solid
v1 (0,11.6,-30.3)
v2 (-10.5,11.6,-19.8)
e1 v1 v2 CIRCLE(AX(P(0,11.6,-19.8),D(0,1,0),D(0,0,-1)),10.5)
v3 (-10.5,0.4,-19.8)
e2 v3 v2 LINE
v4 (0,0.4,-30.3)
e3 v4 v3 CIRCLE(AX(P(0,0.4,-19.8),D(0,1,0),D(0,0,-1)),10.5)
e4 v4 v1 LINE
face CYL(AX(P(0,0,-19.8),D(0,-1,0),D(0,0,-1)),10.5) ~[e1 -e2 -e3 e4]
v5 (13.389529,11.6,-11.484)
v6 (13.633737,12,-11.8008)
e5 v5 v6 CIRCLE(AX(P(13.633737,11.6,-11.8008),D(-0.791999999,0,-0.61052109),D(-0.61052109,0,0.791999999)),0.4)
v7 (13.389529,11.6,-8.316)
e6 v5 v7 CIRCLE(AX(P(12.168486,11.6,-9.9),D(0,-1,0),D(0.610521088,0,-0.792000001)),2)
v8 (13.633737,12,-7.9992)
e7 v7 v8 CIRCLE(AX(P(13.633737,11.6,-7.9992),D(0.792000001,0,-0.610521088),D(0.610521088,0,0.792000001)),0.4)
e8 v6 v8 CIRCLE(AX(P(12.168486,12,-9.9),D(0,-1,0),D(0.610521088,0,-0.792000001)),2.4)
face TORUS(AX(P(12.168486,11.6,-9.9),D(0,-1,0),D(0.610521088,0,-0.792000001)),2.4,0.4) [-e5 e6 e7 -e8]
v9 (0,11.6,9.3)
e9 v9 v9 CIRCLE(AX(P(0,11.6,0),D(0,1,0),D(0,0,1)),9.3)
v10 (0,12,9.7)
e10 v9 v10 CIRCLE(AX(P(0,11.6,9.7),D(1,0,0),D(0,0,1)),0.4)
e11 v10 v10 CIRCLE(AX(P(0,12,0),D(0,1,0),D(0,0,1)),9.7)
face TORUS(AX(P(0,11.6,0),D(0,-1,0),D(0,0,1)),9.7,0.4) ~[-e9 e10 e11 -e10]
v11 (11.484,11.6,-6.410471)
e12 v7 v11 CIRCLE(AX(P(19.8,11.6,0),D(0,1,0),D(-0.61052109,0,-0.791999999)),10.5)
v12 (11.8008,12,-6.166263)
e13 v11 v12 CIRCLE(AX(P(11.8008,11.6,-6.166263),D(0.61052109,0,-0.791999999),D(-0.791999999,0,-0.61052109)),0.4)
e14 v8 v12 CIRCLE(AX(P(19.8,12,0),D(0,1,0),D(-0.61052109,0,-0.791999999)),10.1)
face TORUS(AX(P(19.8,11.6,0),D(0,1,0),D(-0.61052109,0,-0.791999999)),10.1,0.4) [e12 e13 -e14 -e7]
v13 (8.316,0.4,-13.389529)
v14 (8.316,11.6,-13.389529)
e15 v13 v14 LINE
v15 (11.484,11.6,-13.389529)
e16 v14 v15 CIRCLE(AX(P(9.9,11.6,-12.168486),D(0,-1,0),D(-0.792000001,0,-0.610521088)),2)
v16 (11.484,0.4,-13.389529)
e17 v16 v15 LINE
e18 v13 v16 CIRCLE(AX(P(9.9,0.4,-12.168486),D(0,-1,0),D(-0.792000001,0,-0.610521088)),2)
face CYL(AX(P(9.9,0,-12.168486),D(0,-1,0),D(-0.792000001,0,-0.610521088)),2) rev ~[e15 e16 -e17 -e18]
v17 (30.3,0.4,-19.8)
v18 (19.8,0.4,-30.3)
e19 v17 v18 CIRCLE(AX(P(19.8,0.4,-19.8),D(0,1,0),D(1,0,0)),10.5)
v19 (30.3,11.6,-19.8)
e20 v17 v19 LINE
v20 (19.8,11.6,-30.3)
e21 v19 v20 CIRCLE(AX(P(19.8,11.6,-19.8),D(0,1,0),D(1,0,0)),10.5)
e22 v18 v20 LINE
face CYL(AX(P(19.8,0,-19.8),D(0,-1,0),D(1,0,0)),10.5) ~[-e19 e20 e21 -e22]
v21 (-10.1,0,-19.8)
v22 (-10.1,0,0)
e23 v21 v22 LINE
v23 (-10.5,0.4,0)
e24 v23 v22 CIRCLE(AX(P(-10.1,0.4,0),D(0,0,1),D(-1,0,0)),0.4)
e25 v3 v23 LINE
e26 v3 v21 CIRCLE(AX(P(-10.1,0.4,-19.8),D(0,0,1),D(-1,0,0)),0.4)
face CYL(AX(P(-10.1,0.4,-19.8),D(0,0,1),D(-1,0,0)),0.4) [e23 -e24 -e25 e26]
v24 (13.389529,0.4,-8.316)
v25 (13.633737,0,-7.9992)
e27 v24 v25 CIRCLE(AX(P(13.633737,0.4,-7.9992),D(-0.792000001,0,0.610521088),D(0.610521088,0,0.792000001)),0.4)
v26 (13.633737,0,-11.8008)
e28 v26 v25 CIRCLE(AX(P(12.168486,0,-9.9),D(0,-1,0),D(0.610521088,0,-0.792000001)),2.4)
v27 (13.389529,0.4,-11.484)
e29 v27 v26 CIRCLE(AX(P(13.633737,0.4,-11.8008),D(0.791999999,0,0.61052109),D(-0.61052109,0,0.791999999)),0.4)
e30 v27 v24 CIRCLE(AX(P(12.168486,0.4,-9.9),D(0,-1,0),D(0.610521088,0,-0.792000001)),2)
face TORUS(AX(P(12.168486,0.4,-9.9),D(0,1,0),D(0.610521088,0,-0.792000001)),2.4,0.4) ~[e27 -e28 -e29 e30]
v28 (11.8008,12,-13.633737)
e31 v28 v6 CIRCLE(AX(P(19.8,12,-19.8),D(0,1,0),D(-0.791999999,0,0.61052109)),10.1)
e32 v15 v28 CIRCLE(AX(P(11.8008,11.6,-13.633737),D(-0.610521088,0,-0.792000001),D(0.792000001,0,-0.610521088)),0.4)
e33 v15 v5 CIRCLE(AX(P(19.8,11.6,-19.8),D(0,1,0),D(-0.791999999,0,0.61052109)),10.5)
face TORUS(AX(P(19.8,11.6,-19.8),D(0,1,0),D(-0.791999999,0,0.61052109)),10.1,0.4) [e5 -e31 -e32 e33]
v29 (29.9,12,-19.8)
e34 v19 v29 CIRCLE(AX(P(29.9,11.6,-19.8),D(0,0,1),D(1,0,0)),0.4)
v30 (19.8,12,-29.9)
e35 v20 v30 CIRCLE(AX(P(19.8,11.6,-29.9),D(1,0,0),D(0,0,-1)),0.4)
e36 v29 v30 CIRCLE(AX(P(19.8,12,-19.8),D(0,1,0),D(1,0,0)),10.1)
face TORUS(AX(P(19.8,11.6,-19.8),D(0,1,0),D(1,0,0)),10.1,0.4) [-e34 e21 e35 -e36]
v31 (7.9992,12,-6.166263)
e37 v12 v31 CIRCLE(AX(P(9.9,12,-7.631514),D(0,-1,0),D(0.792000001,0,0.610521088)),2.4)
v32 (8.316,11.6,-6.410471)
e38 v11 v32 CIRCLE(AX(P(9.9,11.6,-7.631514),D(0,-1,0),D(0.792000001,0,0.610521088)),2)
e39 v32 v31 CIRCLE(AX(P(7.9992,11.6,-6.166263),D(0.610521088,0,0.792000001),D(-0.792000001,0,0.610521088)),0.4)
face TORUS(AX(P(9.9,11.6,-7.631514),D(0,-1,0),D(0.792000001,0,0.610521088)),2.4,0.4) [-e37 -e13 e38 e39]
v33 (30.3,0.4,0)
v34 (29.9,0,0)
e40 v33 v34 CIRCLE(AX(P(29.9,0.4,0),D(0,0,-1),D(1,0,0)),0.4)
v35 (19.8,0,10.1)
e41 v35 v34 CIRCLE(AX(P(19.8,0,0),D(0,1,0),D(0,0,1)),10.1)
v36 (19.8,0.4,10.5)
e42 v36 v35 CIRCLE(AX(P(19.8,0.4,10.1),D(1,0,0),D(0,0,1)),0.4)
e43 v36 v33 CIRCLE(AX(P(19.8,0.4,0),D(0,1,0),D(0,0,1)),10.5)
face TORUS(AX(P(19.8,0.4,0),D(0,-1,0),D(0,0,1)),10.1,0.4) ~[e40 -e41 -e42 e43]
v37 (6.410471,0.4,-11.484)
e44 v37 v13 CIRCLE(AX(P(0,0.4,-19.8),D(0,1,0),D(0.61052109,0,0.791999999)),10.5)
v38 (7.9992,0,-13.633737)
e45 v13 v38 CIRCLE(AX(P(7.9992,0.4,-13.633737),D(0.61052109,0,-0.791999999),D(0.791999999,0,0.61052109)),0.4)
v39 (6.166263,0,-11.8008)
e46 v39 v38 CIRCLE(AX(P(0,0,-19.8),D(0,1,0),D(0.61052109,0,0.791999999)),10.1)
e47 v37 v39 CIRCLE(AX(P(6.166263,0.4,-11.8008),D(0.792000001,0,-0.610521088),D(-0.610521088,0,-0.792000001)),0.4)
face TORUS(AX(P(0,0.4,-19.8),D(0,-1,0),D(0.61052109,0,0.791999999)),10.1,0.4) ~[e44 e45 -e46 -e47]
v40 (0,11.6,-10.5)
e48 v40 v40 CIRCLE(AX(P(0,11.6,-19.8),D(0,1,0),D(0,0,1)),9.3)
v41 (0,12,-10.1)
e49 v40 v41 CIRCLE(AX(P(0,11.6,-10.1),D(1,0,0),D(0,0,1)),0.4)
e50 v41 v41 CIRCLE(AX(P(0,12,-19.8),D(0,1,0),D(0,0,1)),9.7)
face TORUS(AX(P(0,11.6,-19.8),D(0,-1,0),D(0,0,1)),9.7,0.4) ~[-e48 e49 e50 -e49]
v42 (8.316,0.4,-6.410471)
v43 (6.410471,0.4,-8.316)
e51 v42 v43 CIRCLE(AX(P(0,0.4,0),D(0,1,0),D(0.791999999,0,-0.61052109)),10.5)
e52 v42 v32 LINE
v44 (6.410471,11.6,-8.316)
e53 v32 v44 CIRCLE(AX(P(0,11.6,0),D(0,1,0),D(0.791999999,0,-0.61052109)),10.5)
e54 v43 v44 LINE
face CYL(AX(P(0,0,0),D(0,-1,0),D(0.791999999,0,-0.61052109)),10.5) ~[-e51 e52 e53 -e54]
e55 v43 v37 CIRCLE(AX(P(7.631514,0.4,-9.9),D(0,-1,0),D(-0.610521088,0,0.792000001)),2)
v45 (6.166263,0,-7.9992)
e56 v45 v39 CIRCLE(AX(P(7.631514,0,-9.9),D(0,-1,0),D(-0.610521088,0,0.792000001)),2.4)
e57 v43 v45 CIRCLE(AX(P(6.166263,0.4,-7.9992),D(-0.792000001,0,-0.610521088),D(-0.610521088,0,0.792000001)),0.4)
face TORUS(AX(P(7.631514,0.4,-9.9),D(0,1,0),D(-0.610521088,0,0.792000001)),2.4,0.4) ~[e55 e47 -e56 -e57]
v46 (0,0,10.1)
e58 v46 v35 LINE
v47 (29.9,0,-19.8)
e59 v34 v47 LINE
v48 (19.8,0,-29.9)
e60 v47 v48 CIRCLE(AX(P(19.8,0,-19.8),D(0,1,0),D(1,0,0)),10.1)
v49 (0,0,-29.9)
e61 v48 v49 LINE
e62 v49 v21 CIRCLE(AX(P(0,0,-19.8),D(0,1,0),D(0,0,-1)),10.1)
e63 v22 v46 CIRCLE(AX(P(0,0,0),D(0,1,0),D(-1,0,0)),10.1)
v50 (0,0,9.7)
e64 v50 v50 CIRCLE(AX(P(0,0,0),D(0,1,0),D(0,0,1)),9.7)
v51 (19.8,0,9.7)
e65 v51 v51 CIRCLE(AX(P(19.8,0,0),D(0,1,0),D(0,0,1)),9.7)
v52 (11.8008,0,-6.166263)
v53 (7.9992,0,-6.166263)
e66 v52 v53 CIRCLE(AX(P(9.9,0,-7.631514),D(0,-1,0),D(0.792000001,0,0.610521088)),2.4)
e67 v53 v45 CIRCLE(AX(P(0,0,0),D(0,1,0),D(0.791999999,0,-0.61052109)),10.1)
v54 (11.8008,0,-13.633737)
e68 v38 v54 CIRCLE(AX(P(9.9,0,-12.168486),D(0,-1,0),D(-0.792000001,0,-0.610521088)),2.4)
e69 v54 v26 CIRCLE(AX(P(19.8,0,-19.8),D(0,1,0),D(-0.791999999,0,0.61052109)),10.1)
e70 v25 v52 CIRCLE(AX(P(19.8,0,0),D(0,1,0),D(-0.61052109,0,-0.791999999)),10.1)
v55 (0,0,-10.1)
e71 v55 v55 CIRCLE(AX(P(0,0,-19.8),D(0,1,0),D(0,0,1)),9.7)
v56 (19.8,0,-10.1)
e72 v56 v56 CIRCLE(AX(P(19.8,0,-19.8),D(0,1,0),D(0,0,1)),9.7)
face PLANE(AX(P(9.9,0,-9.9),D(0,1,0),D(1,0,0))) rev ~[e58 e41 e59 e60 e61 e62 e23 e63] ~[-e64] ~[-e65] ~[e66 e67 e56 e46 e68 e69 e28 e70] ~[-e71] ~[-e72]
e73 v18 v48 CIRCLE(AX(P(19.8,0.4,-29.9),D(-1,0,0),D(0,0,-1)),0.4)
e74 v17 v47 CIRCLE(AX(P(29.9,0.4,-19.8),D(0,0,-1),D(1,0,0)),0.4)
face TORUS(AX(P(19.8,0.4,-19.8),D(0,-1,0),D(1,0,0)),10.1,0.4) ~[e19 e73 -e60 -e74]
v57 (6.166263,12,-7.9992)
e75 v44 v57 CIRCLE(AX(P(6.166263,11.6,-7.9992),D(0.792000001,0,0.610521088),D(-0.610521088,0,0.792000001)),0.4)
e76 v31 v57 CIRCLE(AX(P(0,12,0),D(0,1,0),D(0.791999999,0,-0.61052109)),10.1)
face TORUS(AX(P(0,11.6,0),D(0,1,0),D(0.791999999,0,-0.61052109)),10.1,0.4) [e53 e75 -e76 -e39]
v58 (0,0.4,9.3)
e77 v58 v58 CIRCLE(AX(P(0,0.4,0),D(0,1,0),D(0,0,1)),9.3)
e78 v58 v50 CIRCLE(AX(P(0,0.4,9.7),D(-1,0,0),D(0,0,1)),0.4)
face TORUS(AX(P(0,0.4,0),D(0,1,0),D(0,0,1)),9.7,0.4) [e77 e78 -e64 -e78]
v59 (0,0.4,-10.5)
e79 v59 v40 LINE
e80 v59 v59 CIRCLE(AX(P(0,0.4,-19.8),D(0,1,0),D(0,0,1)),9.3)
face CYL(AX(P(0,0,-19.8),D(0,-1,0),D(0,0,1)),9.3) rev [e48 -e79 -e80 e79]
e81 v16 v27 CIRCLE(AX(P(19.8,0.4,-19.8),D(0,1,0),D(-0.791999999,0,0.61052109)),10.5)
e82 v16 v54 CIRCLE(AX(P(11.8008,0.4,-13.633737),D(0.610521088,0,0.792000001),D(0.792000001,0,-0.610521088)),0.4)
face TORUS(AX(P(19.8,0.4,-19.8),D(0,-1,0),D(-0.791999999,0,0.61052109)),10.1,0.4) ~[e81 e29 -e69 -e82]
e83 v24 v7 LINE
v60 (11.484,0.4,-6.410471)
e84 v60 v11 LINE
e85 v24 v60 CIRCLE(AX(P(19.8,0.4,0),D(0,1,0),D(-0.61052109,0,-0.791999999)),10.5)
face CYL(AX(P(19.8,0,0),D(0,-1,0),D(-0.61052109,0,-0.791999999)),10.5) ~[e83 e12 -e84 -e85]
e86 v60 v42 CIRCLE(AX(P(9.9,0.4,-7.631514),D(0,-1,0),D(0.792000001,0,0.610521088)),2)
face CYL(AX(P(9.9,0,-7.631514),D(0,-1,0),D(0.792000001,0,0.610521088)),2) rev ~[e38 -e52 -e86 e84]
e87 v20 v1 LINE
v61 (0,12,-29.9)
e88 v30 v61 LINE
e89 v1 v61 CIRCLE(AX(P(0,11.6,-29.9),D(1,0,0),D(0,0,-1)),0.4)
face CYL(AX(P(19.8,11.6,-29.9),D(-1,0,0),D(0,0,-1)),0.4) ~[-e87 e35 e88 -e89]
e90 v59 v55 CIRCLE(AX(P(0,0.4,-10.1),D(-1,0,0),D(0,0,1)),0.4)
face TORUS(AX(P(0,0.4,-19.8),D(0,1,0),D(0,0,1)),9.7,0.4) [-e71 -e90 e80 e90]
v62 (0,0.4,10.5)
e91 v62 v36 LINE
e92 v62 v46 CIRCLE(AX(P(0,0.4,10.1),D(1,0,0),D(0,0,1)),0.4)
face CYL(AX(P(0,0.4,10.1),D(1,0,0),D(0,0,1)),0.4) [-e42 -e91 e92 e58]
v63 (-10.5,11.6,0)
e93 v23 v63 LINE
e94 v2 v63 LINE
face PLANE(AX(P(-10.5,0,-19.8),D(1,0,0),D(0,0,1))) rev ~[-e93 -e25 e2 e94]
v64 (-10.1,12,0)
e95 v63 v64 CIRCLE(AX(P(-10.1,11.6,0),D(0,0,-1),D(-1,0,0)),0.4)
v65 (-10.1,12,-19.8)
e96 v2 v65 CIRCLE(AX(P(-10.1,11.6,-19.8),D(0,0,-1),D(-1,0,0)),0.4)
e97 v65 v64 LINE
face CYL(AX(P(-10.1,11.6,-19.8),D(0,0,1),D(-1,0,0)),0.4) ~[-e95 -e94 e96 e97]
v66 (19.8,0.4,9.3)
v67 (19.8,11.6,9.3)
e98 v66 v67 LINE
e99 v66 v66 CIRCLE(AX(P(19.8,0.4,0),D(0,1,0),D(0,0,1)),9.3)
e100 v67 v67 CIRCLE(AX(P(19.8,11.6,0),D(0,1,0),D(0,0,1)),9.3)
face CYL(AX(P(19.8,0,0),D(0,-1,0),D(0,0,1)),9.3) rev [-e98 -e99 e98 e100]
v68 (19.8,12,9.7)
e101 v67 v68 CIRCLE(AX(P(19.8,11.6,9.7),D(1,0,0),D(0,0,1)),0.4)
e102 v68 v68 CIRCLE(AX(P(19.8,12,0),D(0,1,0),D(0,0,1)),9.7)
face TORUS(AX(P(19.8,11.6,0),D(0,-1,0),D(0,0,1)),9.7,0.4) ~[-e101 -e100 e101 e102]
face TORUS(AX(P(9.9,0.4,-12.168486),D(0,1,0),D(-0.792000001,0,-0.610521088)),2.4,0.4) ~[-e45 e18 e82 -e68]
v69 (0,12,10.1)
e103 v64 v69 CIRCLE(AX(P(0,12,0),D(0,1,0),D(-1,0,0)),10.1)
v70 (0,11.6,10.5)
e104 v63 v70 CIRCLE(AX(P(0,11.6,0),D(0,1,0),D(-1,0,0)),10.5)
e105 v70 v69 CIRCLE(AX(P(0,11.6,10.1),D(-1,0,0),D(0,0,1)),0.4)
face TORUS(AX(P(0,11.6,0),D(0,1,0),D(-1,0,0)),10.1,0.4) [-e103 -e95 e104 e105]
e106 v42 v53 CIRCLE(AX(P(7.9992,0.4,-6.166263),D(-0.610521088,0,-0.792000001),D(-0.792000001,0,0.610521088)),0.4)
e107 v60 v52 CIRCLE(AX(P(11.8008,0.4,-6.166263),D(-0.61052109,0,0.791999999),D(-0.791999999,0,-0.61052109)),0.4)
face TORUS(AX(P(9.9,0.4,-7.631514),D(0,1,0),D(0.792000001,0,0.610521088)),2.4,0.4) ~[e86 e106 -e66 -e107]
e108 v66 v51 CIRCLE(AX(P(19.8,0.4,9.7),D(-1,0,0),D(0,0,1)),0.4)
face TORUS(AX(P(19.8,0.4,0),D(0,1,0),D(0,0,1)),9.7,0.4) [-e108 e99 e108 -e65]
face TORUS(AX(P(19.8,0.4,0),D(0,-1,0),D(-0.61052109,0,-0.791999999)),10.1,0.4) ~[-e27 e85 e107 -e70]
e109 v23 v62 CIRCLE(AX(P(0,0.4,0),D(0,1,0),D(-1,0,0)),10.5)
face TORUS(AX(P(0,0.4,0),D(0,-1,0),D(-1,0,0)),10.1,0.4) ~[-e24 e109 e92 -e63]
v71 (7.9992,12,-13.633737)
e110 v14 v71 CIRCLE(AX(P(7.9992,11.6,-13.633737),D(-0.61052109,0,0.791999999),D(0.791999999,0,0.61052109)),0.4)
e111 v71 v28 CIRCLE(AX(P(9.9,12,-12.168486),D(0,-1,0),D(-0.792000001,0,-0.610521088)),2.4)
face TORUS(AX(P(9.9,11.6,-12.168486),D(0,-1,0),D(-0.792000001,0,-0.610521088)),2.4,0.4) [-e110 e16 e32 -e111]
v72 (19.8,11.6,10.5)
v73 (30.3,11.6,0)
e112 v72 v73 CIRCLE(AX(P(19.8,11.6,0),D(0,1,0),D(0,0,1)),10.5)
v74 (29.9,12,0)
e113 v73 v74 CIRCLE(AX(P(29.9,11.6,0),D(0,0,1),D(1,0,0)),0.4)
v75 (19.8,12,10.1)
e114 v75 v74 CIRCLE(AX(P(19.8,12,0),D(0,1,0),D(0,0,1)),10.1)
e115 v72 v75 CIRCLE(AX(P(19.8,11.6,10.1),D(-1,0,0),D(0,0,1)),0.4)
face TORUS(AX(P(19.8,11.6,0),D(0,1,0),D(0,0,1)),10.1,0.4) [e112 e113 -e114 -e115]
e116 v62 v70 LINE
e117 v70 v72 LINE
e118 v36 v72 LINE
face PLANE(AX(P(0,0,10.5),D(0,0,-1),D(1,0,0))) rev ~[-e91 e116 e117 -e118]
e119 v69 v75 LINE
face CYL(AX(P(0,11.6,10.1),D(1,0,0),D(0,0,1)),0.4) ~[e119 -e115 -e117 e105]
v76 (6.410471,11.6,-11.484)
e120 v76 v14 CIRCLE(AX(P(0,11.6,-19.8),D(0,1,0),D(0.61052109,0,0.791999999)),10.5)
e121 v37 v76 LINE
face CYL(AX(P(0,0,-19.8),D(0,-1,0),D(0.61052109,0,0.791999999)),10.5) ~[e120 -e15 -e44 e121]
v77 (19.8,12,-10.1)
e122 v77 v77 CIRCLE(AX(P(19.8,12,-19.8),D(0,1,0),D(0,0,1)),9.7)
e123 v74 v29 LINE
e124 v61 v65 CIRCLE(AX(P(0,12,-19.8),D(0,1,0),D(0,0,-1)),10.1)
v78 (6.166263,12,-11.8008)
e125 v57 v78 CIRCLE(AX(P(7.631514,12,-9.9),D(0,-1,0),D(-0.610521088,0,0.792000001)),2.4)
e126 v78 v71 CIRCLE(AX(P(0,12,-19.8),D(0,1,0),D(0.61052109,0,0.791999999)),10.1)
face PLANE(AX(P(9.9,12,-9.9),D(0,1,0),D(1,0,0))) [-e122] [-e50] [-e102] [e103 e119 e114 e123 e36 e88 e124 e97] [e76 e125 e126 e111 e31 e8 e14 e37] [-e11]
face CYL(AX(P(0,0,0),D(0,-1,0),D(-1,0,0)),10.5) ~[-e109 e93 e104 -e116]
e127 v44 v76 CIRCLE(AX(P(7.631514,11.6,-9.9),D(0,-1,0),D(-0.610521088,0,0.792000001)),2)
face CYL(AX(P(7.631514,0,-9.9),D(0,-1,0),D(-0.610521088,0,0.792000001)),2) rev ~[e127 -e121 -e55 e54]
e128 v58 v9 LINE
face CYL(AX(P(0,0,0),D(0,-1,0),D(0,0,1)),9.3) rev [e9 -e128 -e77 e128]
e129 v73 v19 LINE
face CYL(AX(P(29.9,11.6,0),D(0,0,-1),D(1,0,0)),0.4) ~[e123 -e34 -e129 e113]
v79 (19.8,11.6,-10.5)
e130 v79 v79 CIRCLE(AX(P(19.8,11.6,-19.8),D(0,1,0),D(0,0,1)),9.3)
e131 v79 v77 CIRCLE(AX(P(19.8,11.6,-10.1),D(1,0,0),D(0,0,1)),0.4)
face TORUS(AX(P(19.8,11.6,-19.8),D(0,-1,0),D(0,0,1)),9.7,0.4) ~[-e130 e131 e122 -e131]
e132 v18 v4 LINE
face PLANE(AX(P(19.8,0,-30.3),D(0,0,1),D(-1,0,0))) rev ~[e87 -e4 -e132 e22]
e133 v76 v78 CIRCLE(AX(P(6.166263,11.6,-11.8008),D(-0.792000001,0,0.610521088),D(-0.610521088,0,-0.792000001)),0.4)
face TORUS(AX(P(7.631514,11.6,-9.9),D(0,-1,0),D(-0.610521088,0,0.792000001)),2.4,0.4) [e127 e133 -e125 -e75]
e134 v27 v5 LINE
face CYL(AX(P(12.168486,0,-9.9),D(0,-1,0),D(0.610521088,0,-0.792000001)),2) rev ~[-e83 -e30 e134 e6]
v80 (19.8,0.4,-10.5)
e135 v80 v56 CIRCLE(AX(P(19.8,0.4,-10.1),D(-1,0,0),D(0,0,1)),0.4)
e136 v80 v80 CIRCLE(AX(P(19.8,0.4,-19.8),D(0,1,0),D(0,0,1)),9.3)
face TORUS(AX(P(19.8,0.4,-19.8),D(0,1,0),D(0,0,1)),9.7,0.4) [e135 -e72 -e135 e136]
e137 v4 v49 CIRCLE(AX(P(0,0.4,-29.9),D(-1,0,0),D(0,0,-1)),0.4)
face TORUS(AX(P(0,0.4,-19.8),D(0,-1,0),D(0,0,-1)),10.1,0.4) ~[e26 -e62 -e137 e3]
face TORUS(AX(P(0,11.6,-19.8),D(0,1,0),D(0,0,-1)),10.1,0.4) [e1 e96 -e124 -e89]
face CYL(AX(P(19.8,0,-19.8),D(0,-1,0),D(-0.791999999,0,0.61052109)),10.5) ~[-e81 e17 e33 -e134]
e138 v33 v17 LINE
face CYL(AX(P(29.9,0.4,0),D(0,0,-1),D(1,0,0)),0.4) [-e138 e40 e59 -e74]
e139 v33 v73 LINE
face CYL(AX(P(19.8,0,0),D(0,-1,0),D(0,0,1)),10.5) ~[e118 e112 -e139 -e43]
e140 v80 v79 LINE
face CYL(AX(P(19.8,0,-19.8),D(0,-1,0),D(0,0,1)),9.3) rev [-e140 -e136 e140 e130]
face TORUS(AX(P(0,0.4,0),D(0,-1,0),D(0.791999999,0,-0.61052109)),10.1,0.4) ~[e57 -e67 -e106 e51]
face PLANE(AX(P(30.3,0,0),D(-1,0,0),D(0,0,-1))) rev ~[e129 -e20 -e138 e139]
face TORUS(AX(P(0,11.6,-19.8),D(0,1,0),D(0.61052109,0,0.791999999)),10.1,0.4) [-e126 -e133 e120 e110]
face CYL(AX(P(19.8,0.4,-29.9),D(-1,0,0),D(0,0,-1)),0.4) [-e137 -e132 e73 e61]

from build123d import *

# Parameters (mm, degrees)
ESQUISSE1_R        = 9.3
BOSS_EXTRU_1_DEPTH = 12
CONG_1_R           = 0.4


with BuildPart() as part:
    # Esquisse1 → Boss.-Extru.1 (new body)
    with BuildSketch(Plane(origin=(0, 0, 0), x_dir=(1, 0, 0), z_dir=(0, 1, 0))):
        with BuildLine():
            Line((-10.5, 19.8), (-10.5, 0))
            ThreePointArc((-10.5, 0), (-7.424621202, -7.424621202), (0, -10.5))
            Line((0, -10.5), (19.8, -10.5))
            ThreePointArc((19.8, -10.5), (27.224621202, -7.424621202), (30.3, 0))
            Line((30.3, 0), (30.3, 19.8))
            ThreePointArc((30.3, 19.8), (27.224621202, 27.224621202), (19.8, 30.3))
            Line((19.8, 30.3), (0, 30.3))
            ThreePointArc((0, 30.3), (-7.424621202, 27.224621202), (-10.5, 19.8))
        make_face()
        with Locations(Location((0, 0, 0), (0, 0, 270))):
            Circle(ESQUISSE1_R, mode=Mode.SUBTRACT)
        with Locations(Location((0, 19.8, 0), (0, 0, 270))):
            Circle(ESQUISSE1_R, mode=Mode.SUBTRACT)
        with Locations(Location((19.8, 0, 0), (0, 0, 270))):
            Circle(ESQUISSE1_R, mode=Mode.SUBTRACT)
        with Locations(Location((19.8, 19.8, 0), (0, 0, 270))):
            Circle(ESQUISSE1_R, mode=Mode.SUBTRACT)
        with BuildLine():
            ThreePointArc((6.410471434, 11.484), (7.424621202, 12.375378798), (8.316, 13.389528566))
            ThreePointArc((8.316, 13.389528566), (9.9, 14.168486389), (11.484, 13.389528566))
            ThreePointArc((11.484, 13.389528566), (12.375378798, 12.375378798), (13.389528566, 11.484))
            ThreePointArc((13.389528566, 11.484), (14.168486389, 9.9), (13.389528566, 8.316))
            ThreePointArc((13.389528566, 8.316), (12.375378798, 7.424621202), (11.484, 6.410471434))
            ThreePointArc((11.484, 6.410471434), (9.9, 5.631513611), (8.316, 6.410471434))
            ThreePointArc((8.316, 6.410471434), (7.424621202, 7.424621202), (6.410471434, 8.316))
            ThreePointArc((6.410471434, 8.316), (5.631513611, 9.9), (6.410471434, 11.484))
        make_face(mode=Mode.SUBTRACT)
    extrude(amount=BOSS_EXTRU_1_DEPTH)

    # Congé1
    cong_1_edges = [part.edges().sort_by_distance(p)[0] for p in [
        (9.9, 0, 10.5),
        (-7.424621202, 0, 7.424621202),
        (-10.5, 0, -9.9),
        (-7.424621202, 0, -27.224621202),
        (-7.424621202, 12, 7.424621202),
        (9.9, 12, 10.5),
        (27.224621202, 12, 7.424621202),
        (0, 0, -9.3),
        (0, 12, -9.3),
        (30.3, 12, -9.9),
        (0, 0, -29.1),
        (0, 12, -29.1),
        (27.224621202, 12, -27.224621202),
        (9.9, 12, -30.3),
        (5.631513611, 0, -9.9),
        (7.424621202, 0, -7.424621202),
        (9.9, 0, -5.631513611),
        (12.375378798, 0, -7.424621202),
        (14.168486389, 0, -9.9),
        (12.375378798, 0, -12.375378798),
        (9.9, 0, -14.168486389),
        (7.424621202, 0, -12.375378798),
        (5.631513611, 12, -9.9),
        (7.424621202, 12, -7.424621202),
        (9.9, 12, -5.631513611),
        (12.375378798, 12, -7.424621202),
        (14.168486389, 12, -9.9),
        (12.375378798, 12, -12.375378798),
        (9.9, 12, -14.168486389),
        (7.424621202, 12, -12.375378798),
        (-7.424621202, 12, -27.224621202),
        (19.8, 0, -9.3),
        (19.8, 12, -9.3),
        (19.8, 0, -29.1),
        (19.8, 12, -29.1),
        (9.9, 0, -30.3),
        (-10.5, 12, -9.9),
        (27.224621202, 0, -27.224621202),
        (30.3, 0, -9.9),
        (27.224621202, 0, 7.424621202),
    ]]
    fillet(cong_1_edges, radius=CONG_1_R)


solid = part.part
